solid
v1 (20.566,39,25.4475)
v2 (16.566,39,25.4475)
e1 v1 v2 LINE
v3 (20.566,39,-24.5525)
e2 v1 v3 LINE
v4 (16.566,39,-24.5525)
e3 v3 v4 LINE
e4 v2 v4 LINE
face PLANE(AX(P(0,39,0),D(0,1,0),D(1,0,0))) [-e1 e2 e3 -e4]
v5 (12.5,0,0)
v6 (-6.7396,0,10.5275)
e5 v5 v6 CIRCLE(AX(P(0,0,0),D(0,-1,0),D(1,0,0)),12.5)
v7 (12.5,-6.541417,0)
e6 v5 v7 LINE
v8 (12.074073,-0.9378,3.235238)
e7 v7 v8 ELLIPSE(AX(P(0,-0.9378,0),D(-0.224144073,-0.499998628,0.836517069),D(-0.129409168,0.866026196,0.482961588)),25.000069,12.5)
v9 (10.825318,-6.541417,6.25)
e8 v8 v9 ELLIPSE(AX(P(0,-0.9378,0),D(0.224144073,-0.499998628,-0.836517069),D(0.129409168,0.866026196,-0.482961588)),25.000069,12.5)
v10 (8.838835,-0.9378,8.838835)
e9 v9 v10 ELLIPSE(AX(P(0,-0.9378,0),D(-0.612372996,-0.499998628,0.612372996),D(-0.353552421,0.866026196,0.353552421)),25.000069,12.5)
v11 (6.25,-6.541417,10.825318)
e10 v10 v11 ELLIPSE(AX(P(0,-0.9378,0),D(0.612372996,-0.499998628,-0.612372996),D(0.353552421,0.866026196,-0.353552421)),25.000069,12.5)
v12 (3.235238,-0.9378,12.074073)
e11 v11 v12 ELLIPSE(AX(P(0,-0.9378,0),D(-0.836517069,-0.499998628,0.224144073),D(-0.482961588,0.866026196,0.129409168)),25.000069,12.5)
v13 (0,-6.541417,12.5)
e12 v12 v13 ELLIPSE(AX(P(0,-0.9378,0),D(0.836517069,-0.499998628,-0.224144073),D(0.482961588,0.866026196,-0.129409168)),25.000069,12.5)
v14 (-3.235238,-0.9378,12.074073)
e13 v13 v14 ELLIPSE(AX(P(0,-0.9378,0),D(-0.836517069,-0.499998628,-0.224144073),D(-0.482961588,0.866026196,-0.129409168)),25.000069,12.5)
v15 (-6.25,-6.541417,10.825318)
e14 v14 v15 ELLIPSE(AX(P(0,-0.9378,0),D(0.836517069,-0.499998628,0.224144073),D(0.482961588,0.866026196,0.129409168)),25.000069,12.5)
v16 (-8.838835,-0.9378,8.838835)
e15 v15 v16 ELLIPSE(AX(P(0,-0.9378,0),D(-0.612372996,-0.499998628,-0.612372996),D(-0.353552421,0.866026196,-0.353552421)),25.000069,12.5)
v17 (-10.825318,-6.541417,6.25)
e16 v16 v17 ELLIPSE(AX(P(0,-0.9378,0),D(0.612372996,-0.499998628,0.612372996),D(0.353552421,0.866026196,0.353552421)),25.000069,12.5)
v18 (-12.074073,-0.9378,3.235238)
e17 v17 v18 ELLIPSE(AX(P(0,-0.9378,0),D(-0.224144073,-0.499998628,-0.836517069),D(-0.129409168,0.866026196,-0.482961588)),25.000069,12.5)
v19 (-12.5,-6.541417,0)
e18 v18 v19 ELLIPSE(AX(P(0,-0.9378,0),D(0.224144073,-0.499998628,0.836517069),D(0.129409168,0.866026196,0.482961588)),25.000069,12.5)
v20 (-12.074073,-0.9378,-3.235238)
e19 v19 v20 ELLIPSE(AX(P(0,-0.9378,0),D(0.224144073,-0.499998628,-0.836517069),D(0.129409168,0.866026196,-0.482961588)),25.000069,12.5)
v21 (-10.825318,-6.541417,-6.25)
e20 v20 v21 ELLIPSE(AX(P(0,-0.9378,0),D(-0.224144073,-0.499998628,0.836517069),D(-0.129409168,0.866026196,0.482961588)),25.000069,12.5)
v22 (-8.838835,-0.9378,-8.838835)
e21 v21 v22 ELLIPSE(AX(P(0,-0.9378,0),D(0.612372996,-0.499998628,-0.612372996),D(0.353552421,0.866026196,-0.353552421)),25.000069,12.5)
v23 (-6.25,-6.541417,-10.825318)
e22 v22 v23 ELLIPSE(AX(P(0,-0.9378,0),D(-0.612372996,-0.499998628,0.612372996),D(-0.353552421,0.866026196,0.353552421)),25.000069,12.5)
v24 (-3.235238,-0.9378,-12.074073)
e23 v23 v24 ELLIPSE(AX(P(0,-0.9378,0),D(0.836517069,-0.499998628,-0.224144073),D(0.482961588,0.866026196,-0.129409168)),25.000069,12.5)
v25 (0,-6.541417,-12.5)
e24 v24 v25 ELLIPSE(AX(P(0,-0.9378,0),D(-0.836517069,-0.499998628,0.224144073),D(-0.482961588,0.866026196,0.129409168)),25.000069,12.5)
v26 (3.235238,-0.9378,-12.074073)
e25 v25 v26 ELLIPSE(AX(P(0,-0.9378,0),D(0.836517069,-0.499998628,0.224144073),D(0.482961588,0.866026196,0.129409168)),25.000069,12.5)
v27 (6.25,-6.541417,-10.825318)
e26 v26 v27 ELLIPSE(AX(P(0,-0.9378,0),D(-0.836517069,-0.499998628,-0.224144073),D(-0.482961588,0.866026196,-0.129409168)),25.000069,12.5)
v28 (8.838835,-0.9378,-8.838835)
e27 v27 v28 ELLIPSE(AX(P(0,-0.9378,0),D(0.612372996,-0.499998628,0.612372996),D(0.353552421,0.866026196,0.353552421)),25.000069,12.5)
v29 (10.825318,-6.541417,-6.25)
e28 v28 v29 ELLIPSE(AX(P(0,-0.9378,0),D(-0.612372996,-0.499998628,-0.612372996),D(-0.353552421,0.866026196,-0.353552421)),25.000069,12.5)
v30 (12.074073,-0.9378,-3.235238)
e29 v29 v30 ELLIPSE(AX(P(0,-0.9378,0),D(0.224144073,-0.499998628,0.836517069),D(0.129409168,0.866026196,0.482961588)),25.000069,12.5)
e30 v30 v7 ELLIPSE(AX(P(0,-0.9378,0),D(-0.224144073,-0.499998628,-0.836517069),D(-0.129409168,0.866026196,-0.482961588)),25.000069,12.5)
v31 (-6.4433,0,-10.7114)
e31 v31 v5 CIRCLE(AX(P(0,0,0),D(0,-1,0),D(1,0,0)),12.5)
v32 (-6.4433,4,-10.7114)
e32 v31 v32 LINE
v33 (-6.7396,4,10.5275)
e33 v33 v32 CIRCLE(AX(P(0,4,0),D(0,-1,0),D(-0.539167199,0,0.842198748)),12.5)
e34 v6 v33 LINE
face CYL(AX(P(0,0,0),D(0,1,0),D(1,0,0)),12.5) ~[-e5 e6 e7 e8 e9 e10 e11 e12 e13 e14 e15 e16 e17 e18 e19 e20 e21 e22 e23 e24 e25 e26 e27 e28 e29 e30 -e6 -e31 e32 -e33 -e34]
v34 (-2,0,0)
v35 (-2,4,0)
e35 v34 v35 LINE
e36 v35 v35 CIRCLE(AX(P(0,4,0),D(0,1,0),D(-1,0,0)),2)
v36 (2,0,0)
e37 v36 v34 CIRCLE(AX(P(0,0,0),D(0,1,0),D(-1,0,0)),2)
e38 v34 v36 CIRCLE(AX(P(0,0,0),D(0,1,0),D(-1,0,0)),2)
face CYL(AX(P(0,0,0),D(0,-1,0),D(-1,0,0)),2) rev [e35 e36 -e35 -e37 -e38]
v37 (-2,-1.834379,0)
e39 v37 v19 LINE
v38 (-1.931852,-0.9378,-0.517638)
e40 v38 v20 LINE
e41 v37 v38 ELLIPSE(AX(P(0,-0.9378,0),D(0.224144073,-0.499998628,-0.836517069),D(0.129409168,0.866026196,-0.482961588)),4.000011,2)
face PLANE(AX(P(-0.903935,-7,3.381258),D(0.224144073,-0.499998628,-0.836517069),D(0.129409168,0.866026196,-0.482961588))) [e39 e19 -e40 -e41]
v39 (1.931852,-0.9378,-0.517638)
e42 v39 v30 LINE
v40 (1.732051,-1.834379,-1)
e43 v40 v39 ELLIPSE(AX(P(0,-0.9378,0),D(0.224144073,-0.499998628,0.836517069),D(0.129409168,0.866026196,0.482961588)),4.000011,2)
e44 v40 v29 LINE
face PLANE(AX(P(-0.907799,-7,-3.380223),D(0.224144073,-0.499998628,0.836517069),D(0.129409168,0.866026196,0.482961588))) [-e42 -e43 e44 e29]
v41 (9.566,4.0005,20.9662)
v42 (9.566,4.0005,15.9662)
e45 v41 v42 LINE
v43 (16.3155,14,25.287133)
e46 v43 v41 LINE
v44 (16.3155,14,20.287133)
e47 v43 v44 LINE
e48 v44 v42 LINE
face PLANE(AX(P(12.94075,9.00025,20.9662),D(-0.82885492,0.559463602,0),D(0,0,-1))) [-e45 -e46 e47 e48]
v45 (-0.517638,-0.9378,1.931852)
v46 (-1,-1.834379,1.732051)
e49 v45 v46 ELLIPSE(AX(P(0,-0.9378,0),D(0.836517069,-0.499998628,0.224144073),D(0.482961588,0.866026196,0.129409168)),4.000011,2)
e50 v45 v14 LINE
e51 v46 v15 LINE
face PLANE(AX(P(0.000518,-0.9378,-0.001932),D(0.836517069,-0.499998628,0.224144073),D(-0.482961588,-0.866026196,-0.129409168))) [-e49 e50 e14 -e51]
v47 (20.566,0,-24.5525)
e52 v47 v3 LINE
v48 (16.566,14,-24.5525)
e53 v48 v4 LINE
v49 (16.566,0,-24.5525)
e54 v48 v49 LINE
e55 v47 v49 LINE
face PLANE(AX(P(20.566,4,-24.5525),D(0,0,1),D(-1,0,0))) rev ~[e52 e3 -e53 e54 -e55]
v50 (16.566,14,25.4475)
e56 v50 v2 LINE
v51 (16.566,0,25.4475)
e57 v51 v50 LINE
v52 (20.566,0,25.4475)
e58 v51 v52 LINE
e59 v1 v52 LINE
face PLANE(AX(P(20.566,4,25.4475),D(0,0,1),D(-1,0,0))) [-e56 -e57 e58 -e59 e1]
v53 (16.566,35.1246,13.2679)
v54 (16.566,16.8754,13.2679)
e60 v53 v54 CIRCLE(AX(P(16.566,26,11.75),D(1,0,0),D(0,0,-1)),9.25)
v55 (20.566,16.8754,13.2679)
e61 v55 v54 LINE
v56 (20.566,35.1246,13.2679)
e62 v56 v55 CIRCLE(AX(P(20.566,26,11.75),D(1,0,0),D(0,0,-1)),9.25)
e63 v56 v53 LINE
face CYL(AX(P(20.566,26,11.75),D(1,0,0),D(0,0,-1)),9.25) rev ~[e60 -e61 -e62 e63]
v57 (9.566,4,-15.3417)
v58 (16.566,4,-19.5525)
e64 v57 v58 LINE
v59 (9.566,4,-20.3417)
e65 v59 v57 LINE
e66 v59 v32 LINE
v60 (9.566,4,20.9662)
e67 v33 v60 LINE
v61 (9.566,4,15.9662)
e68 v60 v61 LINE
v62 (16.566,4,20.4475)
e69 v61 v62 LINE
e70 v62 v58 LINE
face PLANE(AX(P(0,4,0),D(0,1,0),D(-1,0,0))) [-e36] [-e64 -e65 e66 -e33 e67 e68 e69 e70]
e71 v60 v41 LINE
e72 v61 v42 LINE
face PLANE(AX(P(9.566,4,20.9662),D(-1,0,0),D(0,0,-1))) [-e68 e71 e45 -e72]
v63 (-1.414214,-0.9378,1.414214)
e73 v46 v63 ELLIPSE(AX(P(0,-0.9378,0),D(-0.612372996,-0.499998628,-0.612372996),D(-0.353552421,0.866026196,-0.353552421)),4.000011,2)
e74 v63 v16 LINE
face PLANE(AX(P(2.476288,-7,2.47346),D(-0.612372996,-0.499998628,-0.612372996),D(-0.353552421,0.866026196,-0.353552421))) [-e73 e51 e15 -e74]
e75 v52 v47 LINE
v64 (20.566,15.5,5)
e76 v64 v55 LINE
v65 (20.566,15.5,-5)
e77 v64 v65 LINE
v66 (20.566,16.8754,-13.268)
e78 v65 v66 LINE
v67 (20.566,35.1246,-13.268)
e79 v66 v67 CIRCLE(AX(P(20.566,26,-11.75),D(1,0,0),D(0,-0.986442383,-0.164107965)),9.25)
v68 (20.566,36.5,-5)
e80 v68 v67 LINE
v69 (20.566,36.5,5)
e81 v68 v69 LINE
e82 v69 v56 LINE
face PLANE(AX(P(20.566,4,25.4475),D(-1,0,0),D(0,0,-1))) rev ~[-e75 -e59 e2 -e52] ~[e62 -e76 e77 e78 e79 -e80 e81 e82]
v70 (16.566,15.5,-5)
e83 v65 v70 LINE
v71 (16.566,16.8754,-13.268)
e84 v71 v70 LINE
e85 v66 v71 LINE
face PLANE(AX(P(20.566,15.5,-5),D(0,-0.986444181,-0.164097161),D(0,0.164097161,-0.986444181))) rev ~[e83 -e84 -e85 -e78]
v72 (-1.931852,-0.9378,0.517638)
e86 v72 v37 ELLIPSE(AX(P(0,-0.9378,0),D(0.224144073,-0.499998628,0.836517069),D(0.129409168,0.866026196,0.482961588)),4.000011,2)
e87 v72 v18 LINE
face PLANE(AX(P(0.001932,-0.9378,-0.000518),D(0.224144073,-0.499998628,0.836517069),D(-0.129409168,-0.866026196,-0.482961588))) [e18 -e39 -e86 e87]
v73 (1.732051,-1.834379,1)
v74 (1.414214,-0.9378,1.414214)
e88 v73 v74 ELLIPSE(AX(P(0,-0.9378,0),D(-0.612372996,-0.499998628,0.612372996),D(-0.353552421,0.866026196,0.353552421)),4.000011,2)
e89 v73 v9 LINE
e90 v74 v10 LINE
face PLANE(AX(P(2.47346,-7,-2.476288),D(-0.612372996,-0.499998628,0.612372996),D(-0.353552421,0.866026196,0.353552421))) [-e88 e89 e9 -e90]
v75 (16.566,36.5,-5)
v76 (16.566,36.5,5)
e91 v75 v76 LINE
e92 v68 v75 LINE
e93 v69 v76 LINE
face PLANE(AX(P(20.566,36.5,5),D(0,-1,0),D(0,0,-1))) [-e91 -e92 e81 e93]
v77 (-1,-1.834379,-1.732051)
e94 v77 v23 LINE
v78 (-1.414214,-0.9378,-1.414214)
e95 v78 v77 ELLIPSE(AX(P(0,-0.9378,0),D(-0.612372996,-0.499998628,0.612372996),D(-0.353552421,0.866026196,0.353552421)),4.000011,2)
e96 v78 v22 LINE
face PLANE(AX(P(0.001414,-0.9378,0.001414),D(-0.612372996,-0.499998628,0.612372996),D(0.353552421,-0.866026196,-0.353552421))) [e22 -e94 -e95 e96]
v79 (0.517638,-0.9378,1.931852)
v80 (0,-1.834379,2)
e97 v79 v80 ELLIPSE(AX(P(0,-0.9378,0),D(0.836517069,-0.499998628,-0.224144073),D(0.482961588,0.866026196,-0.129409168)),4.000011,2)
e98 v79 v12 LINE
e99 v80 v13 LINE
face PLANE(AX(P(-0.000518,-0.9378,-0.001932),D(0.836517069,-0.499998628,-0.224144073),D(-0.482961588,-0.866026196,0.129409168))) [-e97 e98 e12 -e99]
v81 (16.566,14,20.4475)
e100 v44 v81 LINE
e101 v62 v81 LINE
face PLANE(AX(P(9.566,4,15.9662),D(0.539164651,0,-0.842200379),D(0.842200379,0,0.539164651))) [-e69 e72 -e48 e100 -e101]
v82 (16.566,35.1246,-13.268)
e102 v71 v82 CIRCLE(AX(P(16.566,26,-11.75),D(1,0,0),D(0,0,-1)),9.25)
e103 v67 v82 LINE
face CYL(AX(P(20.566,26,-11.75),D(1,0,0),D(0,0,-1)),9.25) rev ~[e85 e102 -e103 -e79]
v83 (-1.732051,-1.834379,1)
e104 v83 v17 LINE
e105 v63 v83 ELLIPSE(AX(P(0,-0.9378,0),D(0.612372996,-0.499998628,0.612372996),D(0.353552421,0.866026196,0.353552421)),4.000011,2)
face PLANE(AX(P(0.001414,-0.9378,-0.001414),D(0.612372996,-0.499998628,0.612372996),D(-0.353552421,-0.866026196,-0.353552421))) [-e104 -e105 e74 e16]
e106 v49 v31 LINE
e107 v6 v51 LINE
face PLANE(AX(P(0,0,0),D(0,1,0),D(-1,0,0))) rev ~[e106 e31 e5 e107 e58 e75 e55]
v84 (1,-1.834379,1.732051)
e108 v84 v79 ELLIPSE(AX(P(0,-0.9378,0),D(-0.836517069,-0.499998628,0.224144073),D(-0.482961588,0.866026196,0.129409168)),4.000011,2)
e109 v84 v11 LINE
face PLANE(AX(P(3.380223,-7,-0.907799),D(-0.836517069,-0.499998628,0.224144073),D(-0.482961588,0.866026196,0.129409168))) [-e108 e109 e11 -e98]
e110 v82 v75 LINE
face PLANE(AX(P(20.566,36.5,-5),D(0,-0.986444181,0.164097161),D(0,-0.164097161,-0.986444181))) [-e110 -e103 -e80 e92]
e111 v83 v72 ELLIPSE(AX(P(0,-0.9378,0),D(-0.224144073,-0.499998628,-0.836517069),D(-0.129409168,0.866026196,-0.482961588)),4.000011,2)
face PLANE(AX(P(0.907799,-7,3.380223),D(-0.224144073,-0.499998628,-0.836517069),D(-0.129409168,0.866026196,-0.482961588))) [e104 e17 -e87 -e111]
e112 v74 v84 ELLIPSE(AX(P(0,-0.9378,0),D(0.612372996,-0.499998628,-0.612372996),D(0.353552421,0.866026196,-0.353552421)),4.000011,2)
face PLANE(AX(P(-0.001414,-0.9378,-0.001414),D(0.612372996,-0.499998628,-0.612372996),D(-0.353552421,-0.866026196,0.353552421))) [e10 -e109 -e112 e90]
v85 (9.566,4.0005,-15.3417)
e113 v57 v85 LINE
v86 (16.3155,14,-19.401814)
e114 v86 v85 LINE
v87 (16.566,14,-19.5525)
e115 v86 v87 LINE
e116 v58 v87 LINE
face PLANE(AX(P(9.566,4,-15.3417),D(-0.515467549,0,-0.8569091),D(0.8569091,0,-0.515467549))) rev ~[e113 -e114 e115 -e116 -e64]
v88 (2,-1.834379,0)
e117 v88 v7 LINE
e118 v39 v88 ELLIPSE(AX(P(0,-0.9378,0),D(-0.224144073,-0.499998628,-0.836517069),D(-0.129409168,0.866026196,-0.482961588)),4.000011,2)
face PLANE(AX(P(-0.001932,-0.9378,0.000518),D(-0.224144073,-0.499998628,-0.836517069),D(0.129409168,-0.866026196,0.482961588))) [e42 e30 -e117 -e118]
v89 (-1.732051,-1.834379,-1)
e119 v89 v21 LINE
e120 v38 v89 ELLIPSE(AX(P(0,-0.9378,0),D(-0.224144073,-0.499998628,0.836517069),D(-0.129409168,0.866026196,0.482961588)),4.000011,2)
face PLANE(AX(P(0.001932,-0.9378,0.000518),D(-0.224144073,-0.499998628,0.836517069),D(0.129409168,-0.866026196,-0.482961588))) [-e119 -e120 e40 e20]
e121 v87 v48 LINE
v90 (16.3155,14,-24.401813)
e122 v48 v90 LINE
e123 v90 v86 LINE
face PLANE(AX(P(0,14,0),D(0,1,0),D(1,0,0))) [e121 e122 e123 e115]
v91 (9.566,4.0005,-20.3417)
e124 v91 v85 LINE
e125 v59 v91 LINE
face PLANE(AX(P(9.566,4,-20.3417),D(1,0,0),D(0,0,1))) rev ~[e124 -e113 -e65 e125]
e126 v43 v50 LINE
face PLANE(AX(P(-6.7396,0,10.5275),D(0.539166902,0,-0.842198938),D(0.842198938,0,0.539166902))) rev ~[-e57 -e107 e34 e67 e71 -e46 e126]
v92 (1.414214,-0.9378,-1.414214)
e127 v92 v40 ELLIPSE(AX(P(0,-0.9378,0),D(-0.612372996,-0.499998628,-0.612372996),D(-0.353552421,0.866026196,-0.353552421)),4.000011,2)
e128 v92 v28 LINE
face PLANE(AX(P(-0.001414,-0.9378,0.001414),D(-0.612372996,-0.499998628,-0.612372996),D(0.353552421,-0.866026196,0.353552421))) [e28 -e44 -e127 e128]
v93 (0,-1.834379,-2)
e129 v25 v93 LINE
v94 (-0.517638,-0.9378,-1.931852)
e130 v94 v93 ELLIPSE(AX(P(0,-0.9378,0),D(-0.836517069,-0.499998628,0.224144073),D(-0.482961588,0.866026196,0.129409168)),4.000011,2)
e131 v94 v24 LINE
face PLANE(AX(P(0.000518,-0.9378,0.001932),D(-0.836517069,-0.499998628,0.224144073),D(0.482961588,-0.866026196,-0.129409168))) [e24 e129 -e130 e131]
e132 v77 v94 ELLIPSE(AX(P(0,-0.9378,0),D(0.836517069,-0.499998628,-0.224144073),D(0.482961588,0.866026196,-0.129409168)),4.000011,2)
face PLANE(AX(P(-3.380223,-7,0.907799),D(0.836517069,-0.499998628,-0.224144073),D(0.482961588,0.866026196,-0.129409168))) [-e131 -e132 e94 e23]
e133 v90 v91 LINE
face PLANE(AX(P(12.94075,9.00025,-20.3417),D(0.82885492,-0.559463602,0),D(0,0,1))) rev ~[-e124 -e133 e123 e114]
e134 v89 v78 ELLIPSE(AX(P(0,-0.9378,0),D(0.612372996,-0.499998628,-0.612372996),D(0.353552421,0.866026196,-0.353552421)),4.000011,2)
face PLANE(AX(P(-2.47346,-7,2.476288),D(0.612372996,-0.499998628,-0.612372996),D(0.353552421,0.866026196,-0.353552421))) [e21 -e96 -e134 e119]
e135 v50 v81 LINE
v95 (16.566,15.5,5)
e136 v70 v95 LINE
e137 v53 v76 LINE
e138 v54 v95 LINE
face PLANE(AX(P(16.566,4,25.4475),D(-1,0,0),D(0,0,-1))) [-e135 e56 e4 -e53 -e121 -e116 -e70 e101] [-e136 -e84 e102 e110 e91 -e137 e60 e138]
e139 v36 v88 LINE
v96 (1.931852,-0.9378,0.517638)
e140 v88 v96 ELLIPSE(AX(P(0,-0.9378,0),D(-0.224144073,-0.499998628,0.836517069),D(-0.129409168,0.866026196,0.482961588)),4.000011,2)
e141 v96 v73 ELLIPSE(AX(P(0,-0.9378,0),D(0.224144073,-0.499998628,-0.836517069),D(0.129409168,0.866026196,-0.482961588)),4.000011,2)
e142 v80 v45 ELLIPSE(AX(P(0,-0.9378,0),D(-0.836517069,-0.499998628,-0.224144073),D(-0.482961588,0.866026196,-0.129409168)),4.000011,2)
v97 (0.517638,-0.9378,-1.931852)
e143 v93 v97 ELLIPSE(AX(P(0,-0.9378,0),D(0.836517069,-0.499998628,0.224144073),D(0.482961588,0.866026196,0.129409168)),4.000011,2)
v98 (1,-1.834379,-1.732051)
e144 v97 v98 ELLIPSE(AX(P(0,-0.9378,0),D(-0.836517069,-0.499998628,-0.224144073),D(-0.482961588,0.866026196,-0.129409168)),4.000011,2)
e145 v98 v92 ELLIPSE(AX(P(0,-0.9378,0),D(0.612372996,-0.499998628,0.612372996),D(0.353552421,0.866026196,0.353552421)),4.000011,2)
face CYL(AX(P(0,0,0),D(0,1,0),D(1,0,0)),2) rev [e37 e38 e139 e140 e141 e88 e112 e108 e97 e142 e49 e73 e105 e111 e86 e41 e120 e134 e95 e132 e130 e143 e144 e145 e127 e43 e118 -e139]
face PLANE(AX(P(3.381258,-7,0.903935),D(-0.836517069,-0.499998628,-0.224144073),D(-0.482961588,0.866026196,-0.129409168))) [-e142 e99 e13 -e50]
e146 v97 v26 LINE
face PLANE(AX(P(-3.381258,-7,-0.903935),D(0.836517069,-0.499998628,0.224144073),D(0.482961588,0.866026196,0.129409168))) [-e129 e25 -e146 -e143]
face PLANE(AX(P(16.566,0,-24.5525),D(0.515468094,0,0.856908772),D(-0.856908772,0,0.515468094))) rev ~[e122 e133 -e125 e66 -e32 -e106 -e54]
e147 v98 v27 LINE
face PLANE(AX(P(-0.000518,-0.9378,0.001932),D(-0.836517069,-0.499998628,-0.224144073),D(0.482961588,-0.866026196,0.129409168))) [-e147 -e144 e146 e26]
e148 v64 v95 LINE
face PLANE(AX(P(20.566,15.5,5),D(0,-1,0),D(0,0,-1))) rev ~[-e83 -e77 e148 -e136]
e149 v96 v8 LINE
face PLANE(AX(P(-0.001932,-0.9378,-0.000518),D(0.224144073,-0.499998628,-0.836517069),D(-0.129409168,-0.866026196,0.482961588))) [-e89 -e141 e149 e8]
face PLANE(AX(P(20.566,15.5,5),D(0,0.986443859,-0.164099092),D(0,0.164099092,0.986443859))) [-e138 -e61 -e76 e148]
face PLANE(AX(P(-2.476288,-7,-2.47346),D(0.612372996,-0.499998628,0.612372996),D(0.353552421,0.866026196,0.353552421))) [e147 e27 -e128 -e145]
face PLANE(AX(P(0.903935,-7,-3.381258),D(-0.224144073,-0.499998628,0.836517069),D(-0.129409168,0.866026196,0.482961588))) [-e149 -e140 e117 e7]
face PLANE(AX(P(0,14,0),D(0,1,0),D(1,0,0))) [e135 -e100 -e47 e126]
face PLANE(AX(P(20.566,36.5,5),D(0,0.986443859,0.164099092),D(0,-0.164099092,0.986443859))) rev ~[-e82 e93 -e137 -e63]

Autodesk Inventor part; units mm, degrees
ref_plane "YZ Plane" through (0, 0, 0) normal (1, 0, 0) x (0, 1, 0)
ref_plane "XZ Plane" through (0, 0, 0) normal (0, 1, 0) x (-1, 0, 0)
sketch "Náčrt1" plane through (0, 0, 0) normal (0, 1, 0) x (-1, 0, 0)
  circle A0 centre (0, 0) radius 2
  circle A1 centre (0, 0) radius 12.5
  line L0 (6.7396, 10.5275) -> (-16.566, 25.4475)
  line L1 (-16.566, 25.4475) -> (-16.566, -24.5525)
  line L2 (-16.566, -24.5525) -> (6.4433, -10.7114)
  line L3 (-16.566, 25.4475) -> (-20.566, 25.4475)
  line L4 (-20.566, 25.4475) -> (-20.566, -24.5525)
  line L5 (-20.566, -24.5525) -> (-16.566, -24.5525)
  line L6 (-16.566, -24.5525) -> (-16.566, 25.4475)
  dimension "d0" = 4
  dimension "d1" = 25
  dimension "d2" = 50
  dimension "d3" = 4
extrude "Vysunutí1" add sketch "Náčrt1" along normal blind 4
sketch "Náčrt2" plane through (0, 4, 0) normal (0, 1, 0) x (1, 0, 0)
  line L0 (20.566, 24.5525) -> (16.566, 24.5525) projected
  line L1 (20.566, -25.4475) -> (20.566, 24.5525) projected
  line L2 (16.566, 24.5525) -> (20.566, 24.5525)
  line L3 (20.566, 24.5525) -> (20.566, -25.4475)
  line L4 (20.566, -25.4475) -> (16.566, -25.4475)
  line L5 (16.566, -25.4475) -> (16.566, 24.5525)
  point P0 (0, 0)
extrude "Vysunutí2" add sketch "Náčrt2" along normal blind 35
sketch "Náčrt3" plane through (20.566, 0, 25.4475) normal (1, 0, 0) x (0, 0, -1)
  circle A0 centre (13.6975, 26) radius 9.25
  circle A1 centre (37.1975, 26) radius 9.25
  line L0 (0, 39) -> (50, 39) projected
  line L1 (25.4475, 0) -> (25.4475, 39)
  line L2 (50, 39) -> (0, 39) projected
  line L3 (20.4475, 15.5) -> (30.4475, 15.5)
  line L4 (20.4475, 15.5) -> (12.1796, 16.8754)
  line L5 (30.4475, 15.5) -> (38.7155, 16.8754)
  line L6 (20.4475, 36.5) -> (30.4475, 36.5)
  line L7 (20.4475, 36.5) -> (12.1796, 35.1246)
  line L8 (30.4475, 36.5) -> (38.7155, 35.1246)
  dimension "d8" = 18.5
  dimension "d9" = 23.5
  dimension "d10" = 13
  dimension "d11" = 13
  dimension "d12" = 11.75
  dimension "d13" = 10
  dimension "d14" = 5
  dimension "d15" = 10.5
  dimension "d16" = 18.5
  dimension "d17" = 10
  dimension "d18" = 5
  dimension "d19" = 10.5
extrude "Vysunutí3" cut sketch "Náčrt3" against normal blind 35
sketch "Náčrt4" plane through (0, 0, 0) normal (0, -1, 0) x (1, 0, 0)
  circle A0 centre (0, 0) radius 2 projected
  circle A1 centre (0, 0) radius 12.5
extrude "Vysunutí4" add sketch "Náčrt4" along normal blind 7
sketch "Náčrt5" plane through (0, 4, 0) normal (0, 1, 0) x (1, 0, 0)
  line L0 (16.566, 24.5525) -> (-6.4433, 10.7114) projected
  line L1 (9.566, 20.3417) -> (9.566, 15.3417)
  line L2 (-6.7396, -10.5275) -> (16.566, -25.4475) projected
  line L3 (9.566, -20.9662) -> (9.566, -15.9662)
  line L4 (9.566, -15.9662) -> (16.566, -20.4475)
  line L5 (16.566, -25.4475) -> (16.566, 24.5525) projected
  line L6 (9.566, 15.3417) -> (16.566, 19.5525)
  line L7 (16.566, 24.5525) -> (16.566, -25.4475) projected
  point P0 (0, 0)
  dimension "d24" = 5
  dimension "d25" = 5
  dimension "d30" = 7
  dimension "d31" = 7
extrude "Vysunutí5" add sketch "Náčrt5" along normal blind 10
chamfer "Zkosení1" distance 6.75 distance2 10 1 edges at (9.566, 14, 18.4662) measured on face at (11.8993, 14, 19.1266)
chamfer "Zkosení2" distance 6.75 distance2 10 1 edges at (9.566, 14, -17.8417) measured on face at (11.8993, 14, -18.4119)
ref_plane "Pracovní rovina1" through (0, 0, 0) normal (0.2588, 0, 0.9659) x (0, 1, 0)
sketch "Náčrt6" plane through (0, -7, 0) normal (0, -1, 0) x (1, 0, 0)
  point P0 (0, 0)
sketch "Náčrt7" plane through (0, 0, 0) normal (0.2588, 0, 0.9659) x (0, 1, 0)
  line L0 (-0.9378, 0) -> (-7, -3.5)
  line L1 (-7, -3.5) -> (-7, 3.5)
  line L2 (-7, 3.5) -> (-0.9378, 0)
  line L3 (-7, 12.5) -> (-7, -12.5) projected
  line L4 (0, 3.4515) -> (4, 3.4515) projected
  line L5 (0, 9.2347) -> (0, 3.4515) projected
  line L6 (0, 9.2347) -> (4, 9.2347) projected
  line L7 (4, 3.4515) -> (4, 9.2347) projected
  point P0 (0, 0)
  point P1 (-4.9793, 0)
  point P2 (-7, 0)
  point P3 (-7, 0)
  dimension "d39" = 7
extrude "Vysunutí6" cut sketch "Náčrt7" against normal blind 18.5 contours L0 L1 L2
pattern_circular "Kruhové pole1" count 12 over 360 about axis through (0, -10, 0) along (0, 1, 0) of "Vysunutí6"
properties part number "drzak"
